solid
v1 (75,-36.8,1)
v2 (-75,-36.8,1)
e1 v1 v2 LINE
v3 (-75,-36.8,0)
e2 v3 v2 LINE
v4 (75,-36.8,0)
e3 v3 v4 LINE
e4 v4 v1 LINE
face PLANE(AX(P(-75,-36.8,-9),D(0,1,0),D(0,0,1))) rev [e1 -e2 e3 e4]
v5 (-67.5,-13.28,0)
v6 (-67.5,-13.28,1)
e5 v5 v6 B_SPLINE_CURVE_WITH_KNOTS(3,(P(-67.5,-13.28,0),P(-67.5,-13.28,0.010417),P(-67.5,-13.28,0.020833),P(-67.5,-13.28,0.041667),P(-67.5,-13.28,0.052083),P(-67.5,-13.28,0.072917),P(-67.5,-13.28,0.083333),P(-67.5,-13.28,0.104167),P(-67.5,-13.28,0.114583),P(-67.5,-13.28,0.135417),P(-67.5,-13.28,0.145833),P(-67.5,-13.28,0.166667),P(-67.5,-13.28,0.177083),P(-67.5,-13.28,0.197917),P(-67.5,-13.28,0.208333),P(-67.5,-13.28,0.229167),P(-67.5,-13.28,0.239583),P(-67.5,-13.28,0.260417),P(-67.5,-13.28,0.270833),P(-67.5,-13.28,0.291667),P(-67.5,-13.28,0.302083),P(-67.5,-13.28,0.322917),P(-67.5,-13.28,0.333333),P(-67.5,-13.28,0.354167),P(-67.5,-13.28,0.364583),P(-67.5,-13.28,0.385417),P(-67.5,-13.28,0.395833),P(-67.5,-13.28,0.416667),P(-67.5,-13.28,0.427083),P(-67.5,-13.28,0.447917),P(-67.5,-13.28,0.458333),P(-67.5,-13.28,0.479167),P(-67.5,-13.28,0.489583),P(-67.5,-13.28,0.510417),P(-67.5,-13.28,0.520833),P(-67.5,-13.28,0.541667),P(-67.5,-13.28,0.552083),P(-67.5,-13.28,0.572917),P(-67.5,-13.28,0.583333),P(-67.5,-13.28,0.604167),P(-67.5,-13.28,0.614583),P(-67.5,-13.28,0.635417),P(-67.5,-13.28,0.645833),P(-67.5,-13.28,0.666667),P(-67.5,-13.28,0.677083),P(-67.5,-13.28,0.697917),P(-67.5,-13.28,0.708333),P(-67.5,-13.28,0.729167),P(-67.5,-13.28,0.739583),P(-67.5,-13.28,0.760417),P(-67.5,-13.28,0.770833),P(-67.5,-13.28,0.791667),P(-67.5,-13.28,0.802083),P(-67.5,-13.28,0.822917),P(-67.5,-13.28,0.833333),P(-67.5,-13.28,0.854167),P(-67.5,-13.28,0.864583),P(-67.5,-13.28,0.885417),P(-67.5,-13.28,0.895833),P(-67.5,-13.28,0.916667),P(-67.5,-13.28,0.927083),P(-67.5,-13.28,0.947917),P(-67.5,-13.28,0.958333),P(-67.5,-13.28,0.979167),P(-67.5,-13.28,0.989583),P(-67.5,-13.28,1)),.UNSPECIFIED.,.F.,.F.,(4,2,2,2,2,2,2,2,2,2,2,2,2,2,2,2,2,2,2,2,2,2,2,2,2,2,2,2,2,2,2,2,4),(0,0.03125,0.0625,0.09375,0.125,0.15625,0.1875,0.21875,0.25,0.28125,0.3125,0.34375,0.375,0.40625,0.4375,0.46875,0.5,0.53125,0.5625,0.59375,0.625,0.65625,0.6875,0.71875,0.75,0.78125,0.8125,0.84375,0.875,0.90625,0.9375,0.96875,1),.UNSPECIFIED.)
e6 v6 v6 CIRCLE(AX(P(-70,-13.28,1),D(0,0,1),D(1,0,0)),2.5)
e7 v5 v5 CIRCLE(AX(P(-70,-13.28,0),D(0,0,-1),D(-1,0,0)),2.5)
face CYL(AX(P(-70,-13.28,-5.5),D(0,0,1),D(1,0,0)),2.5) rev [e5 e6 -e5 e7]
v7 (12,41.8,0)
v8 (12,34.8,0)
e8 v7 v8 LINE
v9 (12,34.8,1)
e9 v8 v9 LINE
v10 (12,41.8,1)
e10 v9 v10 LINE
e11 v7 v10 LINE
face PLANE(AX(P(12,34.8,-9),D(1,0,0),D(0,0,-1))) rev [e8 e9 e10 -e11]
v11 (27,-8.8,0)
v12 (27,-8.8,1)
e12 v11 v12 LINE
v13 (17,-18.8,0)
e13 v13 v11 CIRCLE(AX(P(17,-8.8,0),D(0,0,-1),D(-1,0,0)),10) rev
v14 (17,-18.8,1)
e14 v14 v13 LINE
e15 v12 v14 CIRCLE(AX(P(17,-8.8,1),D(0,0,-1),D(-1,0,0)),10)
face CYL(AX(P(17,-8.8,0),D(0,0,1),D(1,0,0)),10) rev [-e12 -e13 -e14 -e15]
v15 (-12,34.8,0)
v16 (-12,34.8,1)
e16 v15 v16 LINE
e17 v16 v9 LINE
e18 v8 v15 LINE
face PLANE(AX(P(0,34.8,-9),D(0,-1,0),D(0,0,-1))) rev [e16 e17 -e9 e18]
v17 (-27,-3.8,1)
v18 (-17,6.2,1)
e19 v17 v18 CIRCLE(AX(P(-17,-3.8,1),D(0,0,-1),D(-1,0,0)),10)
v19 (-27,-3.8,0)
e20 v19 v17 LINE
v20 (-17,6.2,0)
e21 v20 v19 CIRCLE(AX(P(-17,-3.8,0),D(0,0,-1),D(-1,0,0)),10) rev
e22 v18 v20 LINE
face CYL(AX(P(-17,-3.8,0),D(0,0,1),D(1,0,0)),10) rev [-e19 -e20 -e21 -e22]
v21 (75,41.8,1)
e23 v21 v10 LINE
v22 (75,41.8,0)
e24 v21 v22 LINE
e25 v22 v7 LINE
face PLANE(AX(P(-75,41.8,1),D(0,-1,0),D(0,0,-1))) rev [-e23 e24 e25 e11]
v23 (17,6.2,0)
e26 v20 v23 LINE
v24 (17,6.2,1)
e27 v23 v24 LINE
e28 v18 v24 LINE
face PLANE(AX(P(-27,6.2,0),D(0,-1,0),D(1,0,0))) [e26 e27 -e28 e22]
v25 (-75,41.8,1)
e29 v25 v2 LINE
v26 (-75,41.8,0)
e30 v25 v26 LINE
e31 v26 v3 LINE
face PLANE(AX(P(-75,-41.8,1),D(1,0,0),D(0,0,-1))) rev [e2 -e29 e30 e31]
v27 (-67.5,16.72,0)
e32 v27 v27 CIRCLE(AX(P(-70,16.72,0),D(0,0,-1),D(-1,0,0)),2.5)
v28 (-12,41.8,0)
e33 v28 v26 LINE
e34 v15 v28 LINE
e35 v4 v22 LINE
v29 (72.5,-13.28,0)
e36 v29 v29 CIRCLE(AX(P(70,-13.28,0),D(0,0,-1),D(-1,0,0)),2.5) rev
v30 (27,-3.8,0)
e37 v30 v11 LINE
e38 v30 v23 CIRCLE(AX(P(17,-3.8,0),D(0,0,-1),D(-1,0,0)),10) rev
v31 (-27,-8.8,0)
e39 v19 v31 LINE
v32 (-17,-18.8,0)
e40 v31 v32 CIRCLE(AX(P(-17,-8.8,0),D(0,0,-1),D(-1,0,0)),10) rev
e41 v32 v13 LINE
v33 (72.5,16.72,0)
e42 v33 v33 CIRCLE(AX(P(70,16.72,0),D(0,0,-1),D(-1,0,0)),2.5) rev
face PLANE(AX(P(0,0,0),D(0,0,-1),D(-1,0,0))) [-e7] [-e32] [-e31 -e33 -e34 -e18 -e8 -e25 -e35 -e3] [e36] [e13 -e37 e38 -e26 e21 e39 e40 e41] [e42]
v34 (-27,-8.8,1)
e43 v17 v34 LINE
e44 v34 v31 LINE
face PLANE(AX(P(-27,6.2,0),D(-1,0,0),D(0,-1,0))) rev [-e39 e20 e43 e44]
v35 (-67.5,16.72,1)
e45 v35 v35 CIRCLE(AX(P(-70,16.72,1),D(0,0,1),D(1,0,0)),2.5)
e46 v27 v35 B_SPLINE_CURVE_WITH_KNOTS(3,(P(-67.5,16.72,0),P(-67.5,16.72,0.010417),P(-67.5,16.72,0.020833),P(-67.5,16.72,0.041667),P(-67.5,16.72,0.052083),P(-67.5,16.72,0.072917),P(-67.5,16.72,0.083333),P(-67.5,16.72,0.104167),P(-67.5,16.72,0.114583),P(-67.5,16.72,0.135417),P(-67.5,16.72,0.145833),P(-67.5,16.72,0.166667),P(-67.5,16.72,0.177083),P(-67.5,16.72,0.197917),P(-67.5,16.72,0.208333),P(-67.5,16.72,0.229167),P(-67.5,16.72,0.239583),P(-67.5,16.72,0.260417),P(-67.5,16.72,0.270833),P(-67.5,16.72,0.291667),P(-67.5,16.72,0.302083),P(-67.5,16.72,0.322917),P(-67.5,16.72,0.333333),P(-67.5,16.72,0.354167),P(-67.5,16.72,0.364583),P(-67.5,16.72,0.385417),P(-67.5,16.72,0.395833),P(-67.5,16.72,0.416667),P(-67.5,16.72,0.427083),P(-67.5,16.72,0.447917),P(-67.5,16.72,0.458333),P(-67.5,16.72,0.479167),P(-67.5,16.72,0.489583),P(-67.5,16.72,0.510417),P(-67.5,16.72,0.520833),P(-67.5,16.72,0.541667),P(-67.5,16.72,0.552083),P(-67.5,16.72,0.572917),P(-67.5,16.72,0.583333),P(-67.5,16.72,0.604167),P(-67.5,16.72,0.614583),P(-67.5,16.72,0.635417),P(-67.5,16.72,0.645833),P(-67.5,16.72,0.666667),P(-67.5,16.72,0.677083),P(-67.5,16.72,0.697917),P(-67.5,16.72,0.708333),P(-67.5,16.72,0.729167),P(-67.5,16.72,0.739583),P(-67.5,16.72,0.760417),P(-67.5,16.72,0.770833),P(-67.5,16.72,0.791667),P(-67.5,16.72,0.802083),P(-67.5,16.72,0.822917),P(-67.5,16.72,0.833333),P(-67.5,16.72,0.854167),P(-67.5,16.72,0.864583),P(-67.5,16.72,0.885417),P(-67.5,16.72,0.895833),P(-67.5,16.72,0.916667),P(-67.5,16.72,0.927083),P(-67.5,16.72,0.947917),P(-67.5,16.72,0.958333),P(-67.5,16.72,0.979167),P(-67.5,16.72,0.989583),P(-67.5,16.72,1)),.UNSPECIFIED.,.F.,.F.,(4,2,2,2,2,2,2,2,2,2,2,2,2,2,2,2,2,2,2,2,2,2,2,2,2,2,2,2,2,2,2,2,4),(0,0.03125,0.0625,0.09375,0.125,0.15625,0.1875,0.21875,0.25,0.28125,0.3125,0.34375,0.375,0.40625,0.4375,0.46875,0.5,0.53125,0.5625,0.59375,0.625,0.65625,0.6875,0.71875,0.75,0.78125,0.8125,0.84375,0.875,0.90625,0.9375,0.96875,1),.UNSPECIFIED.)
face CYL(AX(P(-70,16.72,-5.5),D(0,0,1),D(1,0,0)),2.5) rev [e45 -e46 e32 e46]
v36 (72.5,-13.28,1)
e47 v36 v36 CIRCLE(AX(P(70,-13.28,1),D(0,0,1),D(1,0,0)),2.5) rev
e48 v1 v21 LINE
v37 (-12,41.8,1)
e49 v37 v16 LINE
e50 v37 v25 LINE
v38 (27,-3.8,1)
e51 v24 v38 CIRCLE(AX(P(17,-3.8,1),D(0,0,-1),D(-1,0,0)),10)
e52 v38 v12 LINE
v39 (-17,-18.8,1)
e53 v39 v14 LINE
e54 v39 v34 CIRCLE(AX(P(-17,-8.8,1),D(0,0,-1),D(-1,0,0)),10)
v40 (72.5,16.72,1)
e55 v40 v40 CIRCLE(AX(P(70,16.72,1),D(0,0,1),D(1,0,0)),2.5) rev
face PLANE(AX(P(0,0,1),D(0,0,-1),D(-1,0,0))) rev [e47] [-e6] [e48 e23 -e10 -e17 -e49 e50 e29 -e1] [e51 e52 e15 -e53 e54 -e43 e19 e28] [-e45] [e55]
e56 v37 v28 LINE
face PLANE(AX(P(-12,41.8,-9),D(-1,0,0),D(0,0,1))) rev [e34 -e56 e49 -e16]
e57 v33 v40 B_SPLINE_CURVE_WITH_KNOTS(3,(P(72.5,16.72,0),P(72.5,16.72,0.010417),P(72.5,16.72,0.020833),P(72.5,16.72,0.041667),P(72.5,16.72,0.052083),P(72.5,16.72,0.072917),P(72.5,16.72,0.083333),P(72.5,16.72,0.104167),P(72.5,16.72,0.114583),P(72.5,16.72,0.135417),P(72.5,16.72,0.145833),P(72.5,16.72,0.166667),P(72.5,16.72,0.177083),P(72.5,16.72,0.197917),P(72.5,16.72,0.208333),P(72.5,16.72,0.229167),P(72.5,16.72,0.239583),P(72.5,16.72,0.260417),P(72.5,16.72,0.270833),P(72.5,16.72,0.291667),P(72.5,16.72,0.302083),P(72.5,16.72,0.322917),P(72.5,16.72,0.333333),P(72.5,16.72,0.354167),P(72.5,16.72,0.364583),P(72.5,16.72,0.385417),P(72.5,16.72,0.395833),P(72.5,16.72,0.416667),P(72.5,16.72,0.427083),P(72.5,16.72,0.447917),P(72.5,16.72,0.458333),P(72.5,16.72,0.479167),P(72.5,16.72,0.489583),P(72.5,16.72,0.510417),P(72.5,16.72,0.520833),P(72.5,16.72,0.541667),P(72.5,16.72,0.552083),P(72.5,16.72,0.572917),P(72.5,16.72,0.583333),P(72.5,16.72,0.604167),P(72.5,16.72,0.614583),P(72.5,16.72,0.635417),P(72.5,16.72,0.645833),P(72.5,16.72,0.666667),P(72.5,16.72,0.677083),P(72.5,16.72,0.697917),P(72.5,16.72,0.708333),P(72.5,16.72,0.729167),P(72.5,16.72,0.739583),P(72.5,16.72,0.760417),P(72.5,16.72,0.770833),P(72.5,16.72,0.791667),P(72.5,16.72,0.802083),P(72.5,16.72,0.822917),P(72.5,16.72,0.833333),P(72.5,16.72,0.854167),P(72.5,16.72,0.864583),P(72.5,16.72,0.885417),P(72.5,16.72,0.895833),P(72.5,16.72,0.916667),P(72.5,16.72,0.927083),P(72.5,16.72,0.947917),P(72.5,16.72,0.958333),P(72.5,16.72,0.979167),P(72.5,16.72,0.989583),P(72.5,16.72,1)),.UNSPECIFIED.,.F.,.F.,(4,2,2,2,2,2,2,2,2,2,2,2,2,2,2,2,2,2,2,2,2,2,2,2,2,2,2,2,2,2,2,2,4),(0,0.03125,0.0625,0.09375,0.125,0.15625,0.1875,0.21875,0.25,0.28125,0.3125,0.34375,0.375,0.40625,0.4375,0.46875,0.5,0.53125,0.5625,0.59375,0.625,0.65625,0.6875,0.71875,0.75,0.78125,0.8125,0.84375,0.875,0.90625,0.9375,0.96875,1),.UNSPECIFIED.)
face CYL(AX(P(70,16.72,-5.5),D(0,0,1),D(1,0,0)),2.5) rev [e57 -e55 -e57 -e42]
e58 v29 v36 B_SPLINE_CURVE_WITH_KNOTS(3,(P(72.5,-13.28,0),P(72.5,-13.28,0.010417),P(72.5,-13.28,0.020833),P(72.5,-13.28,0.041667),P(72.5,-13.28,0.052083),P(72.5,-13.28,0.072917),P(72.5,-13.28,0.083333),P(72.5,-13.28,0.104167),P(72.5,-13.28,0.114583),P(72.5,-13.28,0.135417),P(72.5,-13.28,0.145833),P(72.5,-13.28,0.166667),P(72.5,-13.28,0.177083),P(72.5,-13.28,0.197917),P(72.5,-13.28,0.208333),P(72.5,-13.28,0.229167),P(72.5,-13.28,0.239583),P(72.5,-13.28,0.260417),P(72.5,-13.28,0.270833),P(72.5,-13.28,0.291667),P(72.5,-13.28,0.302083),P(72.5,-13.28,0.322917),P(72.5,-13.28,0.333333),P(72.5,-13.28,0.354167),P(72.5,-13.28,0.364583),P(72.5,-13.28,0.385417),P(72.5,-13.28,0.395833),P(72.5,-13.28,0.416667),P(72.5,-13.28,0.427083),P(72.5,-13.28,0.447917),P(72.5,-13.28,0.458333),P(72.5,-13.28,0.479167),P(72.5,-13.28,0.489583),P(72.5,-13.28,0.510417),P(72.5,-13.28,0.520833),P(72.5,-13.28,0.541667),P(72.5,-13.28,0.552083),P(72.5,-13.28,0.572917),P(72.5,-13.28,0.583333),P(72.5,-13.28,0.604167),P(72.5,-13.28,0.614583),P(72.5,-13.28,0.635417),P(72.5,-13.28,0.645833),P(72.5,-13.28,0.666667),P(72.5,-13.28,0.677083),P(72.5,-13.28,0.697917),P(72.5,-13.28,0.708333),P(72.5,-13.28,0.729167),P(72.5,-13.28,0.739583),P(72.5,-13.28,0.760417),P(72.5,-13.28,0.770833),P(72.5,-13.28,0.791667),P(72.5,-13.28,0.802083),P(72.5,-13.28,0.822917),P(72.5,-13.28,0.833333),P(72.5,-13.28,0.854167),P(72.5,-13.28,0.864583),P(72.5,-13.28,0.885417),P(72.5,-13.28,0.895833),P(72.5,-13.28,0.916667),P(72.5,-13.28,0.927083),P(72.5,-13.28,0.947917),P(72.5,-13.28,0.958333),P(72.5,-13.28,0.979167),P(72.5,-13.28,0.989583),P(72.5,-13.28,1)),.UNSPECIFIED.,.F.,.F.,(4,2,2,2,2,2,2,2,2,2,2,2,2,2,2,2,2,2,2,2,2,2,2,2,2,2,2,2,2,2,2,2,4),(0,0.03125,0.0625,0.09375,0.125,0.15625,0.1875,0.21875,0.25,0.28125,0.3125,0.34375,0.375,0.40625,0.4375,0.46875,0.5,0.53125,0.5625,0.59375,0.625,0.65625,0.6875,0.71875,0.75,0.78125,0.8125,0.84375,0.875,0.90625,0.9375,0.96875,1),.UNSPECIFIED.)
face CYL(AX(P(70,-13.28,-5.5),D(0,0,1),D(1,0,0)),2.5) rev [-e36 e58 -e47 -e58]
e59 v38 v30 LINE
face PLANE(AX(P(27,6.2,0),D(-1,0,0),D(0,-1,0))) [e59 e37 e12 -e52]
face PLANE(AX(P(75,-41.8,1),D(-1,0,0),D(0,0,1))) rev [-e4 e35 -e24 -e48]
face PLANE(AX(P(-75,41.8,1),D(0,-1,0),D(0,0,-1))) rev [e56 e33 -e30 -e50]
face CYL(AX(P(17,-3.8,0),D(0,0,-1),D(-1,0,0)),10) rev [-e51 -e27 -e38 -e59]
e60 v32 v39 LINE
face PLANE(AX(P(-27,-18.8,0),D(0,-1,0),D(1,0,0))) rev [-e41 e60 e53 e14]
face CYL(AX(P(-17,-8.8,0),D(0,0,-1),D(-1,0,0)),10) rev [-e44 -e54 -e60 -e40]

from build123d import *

# Parameters (mm, degrees)
SKETCH1_W           = 150
SKETCH1_H           = 83.6
BOSS_EXTRUDE1_DEPTH = 1
SKETCH2_W           = 54
SKETCH2_H           = 25
CUT_EXTRUDE1_DEPTH  = 86.867572459
SKETCH3_R           = 2.5
CUT_EXTRUDE2_DEPTH  = 6.5
CUT_EXTRUDE3_DEPTH  = 10
FILLET1_R           = 10
SKETCH5_W           = 150
SKETCH5_H           = 5
CUT_EXTRUDE4_DEPTH  = 10


with BuildPart() as part:
    # Sketch1 → Boss-Extrude1 (new body)
    with BuildSketch(Plane.XY):
        Rectangle(SKETCH1_W, SKETCH1_H)
    extrude(amount=BOSS_EXTRUDE1_DEPTH)

    # Sketch2 → Cut-Extrude1 (cut, through all)
    with BuildSketch(Plane.XY.offset(1)):
        with Locations((0, -6.3)):
            Rectangle(SKETCH2_W, SKETCH2_H)
    extrude(amount=-CUT_EXTRUDE1_DEPTH, mode=Mode.SUBTRACT)

    # Sketch3 → Cut-Extrude2 (cut)
    with BuildSketch(Plane.XY.offset(1)):
        with Locations((-70, 16.72)):
            Circle(SKETCH3_R)
        with Locations((-70, -13.28)):
            Circle(SKETCH3_R)
        with Locations((70, 16.72)):
            Circle(SKETCH3_R)
        with Locations((70, -13.28)):
            Circle(SKETCH3_R)
    extrude(amount=-CUT_EXTRUDE2_DEPTH, mode=Mode.SUBTRACT)

    # Sketch4 → Cut-Extrude3 (cut)
    with BuildSketch(Plane.XY.offset(1)):
        Polygon((0, 34.8), (12, 34.8), (12, 41.8), (-12, 41.8), (-12, 34.8), align=None)
    extrude(amount=-CUT_EXTRUDE3_DEPTH, mode=Mode.SUBTRACT)

    # Fillet1
    fillet1_edges = [part.edges().sort_by_distance(p)[0] for p in [
        (27, -18.8, 0.5),
        (-27, -18.8, 0.5),
        (-27, 6.2, 0.5),
        (27, 6.2, 0.5),
    ]]
    fillet(fillet1_edges, radius=FILLET1_R)

    # Sketch5 → Cut-Extrude4 (cut)
    with BuildSketch(Plane.XY.offset(1)):
        with Locations((0, -39.3)):
            Rectangle(SKETCH5_W, SKETCH5_H)
    extrude(amount=-CUT_EXTRUDE4_DEPTH, mode=Mode.SUBTRACT)


solid = part.part
